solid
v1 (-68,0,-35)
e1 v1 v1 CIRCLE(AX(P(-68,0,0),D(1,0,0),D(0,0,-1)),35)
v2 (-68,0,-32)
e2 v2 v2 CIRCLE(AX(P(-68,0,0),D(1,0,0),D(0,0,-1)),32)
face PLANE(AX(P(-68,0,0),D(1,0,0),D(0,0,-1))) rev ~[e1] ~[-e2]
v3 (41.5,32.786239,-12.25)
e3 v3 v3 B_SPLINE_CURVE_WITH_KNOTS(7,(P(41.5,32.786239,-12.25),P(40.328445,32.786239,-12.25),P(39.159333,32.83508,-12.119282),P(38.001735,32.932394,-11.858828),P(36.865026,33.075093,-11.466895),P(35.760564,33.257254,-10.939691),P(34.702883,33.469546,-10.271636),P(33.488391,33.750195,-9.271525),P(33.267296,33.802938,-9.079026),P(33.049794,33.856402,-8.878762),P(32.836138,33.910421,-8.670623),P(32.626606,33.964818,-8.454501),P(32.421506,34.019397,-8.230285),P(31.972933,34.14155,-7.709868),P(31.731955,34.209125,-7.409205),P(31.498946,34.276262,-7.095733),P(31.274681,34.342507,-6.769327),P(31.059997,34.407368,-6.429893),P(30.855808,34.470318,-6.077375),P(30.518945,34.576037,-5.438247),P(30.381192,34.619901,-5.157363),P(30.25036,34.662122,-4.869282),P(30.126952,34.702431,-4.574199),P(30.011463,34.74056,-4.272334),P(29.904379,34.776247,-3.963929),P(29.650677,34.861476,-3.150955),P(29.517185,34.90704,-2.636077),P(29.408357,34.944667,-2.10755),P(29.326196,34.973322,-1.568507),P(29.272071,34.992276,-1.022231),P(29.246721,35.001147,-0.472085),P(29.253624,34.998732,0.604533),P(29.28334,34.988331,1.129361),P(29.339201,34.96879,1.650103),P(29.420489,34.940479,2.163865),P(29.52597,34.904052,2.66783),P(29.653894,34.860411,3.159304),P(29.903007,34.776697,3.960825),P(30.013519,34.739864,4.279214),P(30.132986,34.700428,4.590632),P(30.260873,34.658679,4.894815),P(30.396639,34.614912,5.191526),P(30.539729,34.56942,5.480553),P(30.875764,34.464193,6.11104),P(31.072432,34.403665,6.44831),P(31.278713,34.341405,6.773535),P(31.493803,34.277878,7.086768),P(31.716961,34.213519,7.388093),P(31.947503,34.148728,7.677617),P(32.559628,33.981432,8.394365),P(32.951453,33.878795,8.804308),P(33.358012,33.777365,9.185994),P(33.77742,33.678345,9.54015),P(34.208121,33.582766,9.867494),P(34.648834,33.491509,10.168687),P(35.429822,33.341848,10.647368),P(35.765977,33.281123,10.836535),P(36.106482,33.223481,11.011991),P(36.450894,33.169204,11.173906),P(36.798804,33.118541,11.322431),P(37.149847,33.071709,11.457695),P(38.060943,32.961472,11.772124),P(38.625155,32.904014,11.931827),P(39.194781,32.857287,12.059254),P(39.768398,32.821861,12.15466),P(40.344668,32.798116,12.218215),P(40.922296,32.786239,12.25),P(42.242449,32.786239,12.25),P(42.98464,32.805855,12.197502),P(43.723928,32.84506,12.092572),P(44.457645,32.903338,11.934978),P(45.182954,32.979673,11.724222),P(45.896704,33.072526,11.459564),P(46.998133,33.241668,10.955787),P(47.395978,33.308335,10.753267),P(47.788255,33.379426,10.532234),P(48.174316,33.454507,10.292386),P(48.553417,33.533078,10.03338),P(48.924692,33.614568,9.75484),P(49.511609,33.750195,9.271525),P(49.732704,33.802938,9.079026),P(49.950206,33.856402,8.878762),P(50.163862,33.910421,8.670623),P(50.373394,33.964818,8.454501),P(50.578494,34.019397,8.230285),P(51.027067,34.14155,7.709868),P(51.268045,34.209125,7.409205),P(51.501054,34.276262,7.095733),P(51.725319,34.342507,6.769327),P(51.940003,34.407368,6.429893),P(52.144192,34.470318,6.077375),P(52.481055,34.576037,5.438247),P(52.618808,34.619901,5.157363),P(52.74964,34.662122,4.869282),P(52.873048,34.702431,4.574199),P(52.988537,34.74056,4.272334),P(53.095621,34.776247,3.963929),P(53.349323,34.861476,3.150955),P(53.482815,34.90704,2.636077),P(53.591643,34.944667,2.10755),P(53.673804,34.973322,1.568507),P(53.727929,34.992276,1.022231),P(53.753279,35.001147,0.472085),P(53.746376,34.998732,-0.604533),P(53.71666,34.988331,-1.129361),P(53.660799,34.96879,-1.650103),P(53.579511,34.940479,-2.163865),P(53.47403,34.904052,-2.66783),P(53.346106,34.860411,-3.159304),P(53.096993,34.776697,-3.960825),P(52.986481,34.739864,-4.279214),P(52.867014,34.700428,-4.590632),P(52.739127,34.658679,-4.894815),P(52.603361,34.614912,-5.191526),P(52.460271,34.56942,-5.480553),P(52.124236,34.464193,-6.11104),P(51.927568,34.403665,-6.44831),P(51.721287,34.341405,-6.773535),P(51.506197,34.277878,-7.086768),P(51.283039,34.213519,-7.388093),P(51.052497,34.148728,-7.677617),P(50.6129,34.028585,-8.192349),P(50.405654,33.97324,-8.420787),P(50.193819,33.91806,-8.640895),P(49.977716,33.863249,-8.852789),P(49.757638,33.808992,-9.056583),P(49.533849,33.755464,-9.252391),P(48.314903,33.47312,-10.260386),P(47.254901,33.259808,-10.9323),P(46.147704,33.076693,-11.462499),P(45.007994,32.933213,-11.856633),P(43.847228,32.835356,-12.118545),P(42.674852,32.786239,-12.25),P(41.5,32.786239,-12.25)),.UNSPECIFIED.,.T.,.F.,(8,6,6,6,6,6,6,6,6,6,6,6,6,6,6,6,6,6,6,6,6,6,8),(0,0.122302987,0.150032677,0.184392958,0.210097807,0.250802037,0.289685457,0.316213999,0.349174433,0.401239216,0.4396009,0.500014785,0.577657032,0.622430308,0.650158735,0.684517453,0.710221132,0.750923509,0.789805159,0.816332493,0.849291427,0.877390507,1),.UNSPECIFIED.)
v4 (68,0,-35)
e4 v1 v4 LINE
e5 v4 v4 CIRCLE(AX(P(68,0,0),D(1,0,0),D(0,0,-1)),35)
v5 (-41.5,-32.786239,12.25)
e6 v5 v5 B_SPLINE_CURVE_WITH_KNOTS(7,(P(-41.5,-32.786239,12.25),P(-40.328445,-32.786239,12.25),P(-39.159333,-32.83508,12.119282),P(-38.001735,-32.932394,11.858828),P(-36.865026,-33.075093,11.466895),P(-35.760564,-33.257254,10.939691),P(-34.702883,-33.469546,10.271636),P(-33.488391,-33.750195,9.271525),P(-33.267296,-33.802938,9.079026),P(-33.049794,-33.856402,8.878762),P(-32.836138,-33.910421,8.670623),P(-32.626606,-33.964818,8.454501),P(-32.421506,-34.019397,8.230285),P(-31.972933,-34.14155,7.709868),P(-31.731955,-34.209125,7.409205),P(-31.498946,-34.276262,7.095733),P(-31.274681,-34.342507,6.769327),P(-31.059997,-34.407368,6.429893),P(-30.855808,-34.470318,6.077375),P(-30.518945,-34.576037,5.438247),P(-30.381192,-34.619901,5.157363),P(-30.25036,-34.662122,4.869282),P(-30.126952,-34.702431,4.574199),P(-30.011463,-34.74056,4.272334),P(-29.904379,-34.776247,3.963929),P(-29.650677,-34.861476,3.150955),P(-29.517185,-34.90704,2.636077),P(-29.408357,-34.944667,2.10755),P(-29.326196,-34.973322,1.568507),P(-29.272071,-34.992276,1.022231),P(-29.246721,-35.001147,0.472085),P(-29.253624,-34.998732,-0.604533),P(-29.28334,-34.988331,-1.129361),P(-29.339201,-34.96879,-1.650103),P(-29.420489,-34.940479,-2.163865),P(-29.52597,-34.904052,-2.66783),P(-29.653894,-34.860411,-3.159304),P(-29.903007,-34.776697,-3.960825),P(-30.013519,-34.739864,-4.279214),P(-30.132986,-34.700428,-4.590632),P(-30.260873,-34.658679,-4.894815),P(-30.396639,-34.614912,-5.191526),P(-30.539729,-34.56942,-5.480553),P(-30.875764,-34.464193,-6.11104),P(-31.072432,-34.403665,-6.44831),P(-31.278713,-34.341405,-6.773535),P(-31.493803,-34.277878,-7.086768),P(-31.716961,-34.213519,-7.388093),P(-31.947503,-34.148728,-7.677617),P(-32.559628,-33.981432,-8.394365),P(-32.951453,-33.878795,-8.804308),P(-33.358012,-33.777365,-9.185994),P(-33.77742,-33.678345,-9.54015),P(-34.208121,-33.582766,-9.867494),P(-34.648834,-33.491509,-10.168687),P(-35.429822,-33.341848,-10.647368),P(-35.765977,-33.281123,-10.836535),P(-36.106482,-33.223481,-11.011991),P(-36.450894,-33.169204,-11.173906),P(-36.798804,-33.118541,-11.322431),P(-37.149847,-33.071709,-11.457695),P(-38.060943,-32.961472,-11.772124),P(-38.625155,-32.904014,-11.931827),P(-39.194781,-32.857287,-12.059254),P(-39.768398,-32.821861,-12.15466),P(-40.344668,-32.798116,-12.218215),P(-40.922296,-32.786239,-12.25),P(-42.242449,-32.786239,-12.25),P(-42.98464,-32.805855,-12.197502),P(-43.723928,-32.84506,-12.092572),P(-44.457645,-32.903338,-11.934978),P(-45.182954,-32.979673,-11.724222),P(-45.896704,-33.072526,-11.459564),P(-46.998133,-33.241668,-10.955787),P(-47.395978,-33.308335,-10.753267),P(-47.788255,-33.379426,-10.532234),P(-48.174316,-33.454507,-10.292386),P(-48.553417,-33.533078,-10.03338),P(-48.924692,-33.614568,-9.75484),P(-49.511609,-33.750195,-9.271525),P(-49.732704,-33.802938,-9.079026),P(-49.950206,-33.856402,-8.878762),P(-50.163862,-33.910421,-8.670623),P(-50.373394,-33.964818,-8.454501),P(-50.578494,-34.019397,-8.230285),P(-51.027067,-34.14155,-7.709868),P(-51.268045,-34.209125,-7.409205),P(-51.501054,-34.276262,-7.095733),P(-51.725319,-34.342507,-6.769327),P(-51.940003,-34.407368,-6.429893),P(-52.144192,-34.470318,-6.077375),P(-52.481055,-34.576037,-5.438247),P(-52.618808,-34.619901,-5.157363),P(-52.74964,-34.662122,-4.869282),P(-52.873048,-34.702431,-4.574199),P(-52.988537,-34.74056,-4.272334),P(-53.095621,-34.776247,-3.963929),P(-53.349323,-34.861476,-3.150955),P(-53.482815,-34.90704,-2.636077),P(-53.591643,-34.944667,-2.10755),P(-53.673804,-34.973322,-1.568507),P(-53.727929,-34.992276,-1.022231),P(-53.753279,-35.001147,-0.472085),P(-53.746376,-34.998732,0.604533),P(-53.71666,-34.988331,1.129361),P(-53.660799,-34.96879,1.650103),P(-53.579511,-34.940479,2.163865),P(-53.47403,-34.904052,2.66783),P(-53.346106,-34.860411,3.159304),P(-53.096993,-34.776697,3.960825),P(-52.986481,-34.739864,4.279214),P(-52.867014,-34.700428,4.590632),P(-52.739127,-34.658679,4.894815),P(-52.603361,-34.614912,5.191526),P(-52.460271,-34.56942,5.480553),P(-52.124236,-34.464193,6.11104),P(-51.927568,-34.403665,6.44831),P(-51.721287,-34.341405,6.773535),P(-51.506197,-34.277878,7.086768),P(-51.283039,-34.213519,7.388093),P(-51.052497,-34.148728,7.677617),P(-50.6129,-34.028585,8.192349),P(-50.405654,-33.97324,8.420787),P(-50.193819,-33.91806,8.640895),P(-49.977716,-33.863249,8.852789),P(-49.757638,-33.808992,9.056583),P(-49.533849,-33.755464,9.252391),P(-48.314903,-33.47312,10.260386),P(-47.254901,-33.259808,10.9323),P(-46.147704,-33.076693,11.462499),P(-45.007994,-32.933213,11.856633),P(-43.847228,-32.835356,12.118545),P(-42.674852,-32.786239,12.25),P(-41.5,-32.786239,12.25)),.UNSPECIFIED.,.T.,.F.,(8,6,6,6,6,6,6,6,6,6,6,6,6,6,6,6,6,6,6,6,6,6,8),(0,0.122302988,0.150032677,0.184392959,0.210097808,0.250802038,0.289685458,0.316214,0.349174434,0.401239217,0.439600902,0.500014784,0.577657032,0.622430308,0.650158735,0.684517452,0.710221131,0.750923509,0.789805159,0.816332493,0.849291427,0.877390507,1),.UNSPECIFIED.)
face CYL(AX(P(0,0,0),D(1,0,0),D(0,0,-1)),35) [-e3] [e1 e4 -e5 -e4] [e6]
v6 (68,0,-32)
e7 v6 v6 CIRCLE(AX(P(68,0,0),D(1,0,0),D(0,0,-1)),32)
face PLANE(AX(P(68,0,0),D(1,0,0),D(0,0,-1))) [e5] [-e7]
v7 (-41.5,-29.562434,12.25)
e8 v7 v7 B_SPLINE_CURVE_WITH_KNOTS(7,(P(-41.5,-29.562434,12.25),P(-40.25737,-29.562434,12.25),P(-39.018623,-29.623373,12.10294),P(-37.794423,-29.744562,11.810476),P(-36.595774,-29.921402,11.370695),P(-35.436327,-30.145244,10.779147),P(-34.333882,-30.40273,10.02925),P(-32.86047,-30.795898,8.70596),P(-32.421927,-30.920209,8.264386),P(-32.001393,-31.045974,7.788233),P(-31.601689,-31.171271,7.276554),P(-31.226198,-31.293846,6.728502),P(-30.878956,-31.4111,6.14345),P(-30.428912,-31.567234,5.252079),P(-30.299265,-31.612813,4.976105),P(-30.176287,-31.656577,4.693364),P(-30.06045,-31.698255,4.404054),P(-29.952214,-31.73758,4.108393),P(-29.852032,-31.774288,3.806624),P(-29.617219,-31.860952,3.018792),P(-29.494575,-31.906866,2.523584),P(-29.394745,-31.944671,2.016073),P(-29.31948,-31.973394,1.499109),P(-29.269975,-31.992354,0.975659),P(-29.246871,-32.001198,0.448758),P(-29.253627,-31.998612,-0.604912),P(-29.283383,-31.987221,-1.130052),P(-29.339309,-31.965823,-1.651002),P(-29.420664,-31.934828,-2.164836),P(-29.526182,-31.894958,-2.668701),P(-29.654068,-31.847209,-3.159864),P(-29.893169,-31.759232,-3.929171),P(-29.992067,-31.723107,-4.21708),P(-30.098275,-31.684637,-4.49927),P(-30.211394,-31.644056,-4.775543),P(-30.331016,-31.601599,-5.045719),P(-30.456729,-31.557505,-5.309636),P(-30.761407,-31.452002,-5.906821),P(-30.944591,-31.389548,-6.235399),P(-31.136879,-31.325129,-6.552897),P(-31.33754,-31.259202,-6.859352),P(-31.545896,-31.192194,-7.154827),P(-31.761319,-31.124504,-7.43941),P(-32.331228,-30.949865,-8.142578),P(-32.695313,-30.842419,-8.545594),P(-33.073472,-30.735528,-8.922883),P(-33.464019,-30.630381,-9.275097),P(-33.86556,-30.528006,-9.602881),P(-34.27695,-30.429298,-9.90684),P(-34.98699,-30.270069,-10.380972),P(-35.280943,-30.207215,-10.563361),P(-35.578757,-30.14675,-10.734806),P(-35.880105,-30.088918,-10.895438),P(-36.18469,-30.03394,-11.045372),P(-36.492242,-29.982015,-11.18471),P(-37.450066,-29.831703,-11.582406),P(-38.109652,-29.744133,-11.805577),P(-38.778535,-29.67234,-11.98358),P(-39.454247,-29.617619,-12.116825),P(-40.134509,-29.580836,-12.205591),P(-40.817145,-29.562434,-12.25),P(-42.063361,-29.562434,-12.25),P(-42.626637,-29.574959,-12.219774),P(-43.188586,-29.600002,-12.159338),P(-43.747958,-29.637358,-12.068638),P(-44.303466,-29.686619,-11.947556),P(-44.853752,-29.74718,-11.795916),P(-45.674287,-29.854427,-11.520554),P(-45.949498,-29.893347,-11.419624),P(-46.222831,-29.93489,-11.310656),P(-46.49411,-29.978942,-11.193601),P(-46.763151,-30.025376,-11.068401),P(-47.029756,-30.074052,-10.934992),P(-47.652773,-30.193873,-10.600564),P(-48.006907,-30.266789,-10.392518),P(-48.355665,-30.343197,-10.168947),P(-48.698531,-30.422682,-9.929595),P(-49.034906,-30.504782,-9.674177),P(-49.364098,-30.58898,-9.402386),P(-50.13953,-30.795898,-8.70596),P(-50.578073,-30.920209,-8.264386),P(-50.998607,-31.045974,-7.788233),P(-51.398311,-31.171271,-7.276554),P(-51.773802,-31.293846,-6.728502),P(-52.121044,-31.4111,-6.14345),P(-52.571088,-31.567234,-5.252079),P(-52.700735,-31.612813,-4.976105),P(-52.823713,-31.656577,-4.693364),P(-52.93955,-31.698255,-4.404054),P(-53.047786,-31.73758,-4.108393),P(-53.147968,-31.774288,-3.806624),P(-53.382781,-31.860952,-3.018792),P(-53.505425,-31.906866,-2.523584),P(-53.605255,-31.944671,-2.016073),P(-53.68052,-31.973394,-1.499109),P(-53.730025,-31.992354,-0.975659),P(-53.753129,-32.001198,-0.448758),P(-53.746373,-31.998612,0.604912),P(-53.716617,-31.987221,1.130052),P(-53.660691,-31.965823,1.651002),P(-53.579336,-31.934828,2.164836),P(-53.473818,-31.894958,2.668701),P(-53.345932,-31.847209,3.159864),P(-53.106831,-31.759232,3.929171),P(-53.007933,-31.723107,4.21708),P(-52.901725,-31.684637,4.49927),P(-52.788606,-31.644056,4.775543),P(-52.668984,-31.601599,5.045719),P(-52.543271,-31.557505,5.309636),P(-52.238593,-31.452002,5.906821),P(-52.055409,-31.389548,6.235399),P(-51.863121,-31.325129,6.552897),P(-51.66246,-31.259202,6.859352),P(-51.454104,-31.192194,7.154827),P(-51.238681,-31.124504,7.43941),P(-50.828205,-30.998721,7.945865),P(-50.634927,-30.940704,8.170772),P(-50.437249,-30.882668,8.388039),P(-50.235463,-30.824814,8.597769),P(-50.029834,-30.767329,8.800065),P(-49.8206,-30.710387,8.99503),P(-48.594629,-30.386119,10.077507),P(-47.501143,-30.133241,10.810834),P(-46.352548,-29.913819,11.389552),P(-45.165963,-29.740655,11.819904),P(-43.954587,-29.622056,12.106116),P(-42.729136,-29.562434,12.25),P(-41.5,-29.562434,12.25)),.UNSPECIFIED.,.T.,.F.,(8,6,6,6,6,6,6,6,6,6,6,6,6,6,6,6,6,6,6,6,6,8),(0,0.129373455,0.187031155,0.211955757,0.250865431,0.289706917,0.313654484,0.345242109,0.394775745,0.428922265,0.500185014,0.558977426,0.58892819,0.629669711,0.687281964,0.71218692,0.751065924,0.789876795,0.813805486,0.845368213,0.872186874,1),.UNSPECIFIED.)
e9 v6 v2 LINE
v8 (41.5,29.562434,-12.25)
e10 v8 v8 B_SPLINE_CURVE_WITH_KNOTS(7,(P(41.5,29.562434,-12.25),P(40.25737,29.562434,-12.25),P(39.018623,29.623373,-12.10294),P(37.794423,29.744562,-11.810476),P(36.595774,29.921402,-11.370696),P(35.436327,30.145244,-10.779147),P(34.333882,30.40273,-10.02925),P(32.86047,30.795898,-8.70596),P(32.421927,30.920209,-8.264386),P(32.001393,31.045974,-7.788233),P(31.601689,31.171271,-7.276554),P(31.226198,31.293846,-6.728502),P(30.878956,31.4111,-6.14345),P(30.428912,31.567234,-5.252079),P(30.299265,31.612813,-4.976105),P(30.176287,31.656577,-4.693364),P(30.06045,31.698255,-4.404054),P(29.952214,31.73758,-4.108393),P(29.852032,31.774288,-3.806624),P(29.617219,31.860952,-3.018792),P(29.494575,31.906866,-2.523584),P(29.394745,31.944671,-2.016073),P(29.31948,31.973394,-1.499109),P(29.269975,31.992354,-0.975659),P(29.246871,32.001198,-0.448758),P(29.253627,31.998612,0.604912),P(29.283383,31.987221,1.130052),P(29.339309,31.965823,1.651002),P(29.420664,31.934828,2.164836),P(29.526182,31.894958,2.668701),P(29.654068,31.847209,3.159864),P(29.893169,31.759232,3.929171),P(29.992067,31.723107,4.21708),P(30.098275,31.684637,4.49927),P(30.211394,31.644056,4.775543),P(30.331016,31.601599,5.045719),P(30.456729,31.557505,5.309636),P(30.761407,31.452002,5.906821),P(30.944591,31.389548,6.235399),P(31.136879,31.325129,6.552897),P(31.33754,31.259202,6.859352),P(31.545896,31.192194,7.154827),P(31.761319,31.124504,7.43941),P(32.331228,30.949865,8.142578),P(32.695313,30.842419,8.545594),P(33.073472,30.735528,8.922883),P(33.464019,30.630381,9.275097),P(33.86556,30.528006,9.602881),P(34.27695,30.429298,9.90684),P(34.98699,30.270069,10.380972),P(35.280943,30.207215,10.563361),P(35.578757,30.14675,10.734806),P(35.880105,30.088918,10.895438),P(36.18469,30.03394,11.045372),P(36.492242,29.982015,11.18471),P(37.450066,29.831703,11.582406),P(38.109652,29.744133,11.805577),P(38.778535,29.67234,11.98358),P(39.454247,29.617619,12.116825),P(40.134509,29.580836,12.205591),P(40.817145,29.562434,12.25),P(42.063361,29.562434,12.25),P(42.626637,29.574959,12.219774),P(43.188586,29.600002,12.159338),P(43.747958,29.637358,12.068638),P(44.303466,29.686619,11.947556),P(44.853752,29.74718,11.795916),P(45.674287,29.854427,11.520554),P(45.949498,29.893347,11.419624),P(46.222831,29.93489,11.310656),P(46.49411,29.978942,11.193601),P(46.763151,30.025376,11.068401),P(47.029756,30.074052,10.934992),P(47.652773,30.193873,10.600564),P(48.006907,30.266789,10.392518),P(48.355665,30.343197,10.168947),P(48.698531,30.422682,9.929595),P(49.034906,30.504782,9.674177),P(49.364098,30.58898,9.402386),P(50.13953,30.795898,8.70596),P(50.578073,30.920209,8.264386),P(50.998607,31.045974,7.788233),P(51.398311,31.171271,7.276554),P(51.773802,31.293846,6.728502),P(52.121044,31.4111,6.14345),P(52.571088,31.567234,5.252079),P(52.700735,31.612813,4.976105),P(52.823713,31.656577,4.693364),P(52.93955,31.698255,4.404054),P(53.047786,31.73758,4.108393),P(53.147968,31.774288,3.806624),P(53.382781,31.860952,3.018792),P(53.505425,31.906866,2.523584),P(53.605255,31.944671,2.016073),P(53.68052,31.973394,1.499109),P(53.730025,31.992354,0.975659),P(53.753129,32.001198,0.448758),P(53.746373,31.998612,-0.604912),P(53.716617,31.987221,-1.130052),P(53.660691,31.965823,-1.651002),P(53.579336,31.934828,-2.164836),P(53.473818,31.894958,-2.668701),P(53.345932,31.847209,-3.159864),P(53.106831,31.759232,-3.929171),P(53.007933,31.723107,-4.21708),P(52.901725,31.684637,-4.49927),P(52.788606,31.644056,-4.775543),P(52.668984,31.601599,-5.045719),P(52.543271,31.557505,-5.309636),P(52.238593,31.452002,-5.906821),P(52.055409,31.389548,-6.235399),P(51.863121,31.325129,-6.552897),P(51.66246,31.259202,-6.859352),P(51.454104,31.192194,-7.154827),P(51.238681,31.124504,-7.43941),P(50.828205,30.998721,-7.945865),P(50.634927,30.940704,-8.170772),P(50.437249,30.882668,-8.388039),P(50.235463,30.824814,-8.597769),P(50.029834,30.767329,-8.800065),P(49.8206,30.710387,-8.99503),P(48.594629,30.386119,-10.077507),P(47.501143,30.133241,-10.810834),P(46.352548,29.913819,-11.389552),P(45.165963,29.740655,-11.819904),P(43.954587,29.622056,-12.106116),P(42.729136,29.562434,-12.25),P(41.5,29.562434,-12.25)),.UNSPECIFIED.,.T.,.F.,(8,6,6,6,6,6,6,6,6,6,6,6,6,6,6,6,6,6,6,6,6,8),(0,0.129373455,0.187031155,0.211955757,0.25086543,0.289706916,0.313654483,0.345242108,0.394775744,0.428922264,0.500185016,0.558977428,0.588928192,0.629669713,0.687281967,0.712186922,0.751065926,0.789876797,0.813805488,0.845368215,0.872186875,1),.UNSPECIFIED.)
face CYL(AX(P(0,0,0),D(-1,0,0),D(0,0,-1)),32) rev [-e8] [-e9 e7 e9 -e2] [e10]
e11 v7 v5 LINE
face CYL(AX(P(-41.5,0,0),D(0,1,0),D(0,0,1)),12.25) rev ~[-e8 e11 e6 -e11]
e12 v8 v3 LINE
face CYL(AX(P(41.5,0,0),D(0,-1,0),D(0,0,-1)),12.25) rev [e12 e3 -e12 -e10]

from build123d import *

# Parameters (mm, degrees)
SKETCH3_R           = 35
SKETCH3_R_2         = 32
BOSS_EXTRUDE1_DEPTH = 68
SKETCH4_R           = 12.25
CUT_EXTRUDE1_DEPTH  = 85.107074613
SKETCH5_R           = 12.25
CUT_EXTRUDE2_DEPTH  = 85.107074777


with BuildPart() as part:
    # Sketch3 → Boss-Extrude1 (new, symmetric)
    with BuildSketch(Plane(origin=(0, 0, 0), x_dir=(0, 0, -1), z_dir=(1, 0, 0))):
        Circle(SKETCH3_R)
        Circle(SKETCH3_R_2, mode=Mode.SUBTRACT)
    extrude(amount=BOSS_EXTRUDE1_DEPTH, both=True)

    # Sketch4 → Cut-Extrude1 (cut, through all)
    with BuildSketch(Plane(origin=(0, 0, 0), x_dir=(1, 0, 0), z_dir=(0, 1, 0))):
        with Locations(Location((-41.5, 0, 0), (0, 0, 270))):
            Circle(SKETCH4_R)
    extrude(amount=-CUT_EXTRUDE1_DEPTH, mode=Mode.SUBTRACT)

    # Sketch5 → Cut-Extrude2 (cut, through all)
    with BuildSketch(Plane(origin=(0, 0, 0), x_dir=(1, 0, 0), z_dir=(0, 1, 0))):
        with Locations(Location((41.5, 0, 0), (0, 0, 90))):
            Circle(SKETCH5_R)
    extrude(amount=CUT_EXTRUDE2_DEPTH, mode=Mode.SUBTRACT)


solid = part.part
